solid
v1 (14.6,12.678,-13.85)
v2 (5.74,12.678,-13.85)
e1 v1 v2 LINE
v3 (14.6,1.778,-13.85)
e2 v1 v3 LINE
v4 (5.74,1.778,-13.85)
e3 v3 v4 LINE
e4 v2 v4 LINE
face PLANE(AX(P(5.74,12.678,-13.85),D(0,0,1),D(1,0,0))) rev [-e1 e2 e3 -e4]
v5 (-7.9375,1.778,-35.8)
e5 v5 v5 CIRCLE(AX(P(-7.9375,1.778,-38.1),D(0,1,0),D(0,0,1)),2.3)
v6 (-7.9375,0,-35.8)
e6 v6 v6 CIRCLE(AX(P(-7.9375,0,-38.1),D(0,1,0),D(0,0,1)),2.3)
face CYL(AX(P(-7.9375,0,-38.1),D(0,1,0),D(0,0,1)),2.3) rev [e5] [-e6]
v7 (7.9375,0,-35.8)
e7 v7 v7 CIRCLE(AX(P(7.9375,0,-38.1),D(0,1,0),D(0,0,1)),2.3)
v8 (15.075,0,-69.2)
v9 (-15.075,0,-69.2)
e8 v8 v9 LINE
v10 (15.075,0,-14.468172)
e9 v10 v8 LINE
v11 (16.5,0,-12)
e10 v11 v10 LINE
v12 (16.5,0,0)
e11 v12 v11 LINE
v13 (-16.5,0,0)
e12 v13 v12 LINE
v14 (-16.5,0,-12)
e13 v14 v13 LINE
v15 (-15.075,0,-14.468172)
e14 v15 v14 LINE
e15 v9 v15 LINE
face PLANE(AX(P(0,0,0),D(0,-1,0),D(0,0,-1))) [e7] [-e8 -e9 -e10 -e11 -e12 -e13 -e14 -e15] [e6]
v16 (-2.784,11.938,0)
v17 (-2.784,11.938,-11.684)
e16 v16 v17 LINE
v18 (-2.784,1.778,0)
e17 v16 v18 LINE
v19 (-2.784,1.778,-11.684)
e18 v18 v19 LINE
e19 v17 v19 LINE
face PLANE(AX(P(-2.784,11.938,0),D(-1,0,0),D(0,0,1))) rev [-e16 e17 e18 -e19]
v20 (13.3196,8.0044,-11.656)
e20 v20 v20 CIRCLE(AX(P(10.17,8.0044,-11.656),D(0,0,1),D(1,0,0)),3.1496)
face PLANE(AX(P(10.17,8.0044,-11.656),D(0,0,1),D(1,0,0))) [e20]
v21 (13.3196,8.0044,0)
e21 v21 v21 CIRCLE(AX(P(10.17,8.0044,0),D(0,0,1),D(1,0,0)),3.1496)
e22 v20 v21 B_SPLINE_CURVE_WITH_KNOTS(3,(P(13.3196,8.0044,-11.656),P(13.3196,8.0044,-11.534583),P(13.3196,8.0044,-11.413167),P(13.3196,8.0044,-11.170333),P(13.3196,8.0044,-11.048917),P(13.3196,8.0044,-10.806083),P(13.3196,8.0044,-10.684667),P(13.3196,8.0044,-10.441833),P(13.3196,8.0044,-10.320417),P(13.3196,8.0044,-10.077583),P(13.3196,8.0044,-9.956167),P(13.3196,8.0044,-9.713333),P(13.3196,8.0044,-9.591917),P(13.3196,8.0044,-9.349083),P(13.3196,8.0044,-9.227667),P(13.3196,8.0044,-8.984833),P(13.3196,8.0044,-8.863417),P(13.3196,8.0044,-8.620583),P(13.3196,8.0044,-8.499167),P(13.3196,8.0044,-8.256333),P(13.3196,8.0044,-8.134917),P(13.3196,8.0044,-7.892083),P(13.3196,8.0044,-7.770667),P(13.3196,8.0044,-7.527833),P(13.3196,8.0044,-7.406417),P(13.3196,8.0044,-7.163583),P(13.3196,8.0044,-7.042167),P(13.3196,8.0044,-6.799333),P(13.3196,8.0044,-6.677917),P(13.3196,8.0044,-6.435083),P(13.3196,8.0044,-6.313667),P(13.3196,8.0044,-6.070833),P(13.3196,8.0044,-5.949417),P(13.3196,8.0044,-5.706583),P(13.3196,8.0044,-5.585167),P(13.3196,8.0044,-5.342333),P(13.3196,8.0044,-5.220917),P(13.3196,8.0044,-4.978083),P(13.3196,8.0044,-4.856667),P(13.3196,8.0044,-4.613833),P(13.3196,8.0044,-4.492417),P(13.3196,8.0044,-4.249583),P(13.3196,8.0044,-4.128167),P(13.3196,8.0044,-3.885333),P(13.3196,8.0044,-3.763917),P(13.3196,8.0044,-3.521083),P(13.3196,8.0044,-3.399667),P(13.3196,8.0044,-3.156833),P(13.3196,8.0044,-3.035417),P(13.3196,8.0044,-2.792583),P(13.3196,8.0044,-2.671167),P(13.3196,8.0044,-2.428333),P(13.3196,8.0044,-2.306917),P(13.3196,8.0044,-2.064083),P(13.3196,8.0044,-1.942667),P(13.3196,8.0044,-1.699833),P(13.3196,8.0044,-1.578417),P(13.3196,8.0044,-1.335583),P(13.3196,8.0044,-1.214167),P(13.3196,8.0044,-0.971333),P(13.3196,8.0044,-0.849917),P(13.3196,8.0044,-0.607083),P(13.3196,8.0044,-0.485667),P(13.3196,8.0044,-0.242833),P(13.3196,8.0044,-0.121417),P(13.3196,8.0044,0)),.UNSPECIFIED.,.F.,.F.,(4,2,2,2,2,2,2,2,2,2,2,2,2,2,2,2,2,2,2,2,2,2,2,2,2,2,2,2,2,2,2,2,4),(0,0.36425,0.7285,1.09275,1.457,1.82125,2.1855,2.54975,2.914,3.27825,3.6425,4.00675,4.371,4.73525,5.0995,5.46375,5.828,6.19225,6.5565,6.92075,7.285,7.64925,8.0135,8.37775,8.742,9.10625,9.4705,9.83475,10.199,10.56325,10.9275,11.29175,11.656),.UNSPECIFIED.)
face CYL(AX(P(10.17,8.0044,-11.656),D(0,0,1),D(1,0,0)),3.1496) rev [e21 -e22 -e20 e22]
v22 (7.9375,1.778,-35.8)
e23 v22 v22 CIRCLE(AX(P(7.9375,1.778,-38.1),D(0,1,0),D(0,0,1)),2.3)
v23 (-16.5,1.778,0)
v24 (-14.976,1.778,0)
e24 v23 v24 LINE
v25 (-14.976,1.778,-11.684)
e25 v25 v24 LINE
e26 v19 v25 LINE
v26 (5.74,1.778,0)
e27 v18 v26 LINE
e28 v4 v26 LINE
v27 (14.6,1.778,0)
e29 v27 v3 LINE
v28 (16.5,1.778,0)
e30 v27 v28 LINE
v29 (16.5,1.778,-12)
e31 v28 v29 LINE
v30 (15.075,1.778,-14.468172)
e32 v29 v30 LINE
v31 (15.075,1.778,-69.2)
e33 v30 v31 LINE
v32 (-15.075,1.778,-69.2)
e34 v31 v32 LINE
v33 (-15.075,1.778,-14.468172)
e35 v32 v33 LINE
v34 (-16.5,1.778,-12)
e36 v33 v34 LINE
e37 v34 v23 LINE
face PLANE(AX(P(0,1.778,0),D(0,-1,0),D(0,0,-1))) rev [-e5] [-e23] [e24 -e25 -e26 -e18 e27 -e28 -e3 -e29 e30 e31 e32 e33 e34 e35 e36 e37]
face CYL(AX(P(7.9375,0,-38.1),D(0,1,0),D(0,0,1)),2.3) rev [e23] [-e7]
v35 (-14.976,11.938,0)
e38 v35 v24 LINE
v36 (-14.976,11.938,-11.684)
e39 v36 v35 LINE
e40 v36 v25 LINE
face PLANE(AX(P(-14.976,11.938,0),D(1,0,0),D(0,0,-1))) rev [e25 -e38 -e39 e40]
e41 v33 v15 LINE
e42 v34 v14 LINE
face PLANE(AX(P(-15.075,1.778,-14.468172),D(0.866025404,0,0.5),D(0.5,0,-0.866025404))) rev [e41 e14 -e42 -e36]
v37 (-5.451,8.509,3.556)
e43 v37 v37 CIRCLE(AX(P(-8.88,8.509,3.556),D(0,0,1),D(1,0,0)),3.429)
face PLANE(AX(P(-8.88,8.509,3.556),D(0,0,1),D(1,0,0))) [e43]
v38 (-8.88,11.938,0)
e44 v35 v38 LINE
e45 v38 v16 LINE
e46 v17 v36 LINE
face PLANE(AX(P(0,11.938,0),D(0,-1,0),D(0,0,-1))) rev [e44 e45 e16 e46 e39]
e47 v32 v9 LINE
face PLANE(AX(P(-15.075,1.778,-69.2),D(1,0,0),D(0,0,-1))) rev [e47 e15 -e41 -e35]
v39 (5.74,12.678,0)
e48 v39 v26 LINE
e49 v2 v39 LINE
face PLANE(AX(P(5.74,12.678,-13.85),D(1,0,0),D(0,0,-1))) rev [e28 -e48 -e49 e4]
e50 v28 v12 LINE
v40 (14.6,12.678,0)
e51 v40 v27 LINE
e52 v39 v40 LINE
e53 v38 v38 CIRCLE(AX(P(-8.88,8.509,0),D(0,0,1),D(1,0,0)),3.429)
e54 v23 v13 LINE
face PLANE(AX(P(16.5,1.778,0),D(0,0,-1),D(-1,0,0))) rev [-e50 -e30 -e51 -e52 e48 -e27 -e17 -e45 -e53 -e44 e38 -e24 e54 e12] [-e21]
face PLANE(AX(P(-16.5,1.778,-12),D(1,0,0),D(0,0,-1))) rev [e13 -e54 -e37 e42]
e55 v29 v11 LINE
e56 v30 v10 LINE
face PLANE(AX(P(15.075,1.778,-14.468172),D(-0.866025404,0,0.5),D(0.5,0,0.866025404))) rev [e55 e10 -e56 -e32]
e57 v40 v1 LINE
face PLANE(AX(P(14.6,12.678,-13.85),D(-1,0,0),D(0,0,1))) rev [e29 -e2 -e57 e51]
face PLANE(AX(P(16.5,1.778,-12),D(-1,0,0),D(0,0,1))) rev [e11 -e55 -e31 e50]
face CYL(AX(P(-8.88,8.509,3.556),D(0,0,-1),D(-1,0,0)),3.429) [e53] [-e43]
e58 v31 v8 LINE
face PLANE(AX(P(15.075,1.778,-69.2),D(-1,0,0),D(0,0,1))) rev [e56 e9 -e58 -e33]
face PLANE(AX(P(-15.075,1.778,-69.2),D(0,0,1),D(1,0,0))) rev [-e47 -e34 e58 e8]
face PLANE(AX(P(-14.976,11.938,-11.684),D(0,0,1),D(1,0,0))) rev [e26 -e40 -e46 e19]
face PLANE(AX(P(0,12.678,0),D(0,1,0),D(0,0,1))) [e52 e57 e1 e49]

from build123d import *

# Parameters (mm, degrees)
BOSS_EXTRUDE1_DEPTH = 1.778
SKETCH2_W           = 8.86
SKETCH2_H           = 13.85
BOSS_EXTRUDE2_DEPTH = 10.9
SKETCH3_R           = 2.3
CUT_EXTRUDE1_DEPTH  = 72.970132694
SKETCH4_W           = 12.192
SKETCH4_H           = 11.684
BOSS_EXTRUDE3_DEPTH = 10.16
SKETCH5_R           = 3.429
BOSS_EXTRUDE4_DEPTH = 3.556
SKETCH6_R           = 3.1496
CUT_EXTRUDE2_DEPTH  = 11.656


with BuildPart() as part:
    # Sketch1 → Boss-Extrude1 (new body)
    with BuildSketch(Plane(origin=(0, 0, 0), x_dir=(1, 0, 0), z_dir=(0, 1, 0))):
        Polygon((-15.075, 69.2), (15.075, 69.2), (15.075, 14.468172401), (16.5, 12), (16.5, 0), (-16.5, 0), (-16.5, 12), (-15.075, 14.468172401), align=None)
    extrude(amount=BOSS_EXTRUDE1_DEPTH)

    # Sketch2 → Boss-Extrude2 (add)
    with BuildSketch(Plane(origin=(0, 1.778, 0), x_dir=(1, 0, 0), z_dir=(0, 1, 0))):
        with Locations((10.17, 6.925)):
            Rectangle(SKETCH2_W, SKETCH2_H)
    extrude(amount=BOSS_EXTRUDE2_DEPTH)

    # Sketch3 → Cut-Extrude1 (cut, through all)
    with BuildSketch(Plane(origin=(0, 1.778, 0), x_dir=(1, 0, 0), z_dir=(0, 1, 0))):
        with Locations(Location((-7.9375, 38.1, 0), (0, 0, 270))):
            Circle(SKETCH3_R)
        with Locations(Location((7.9375, 38.1, 0), (0, 0, 270))):
            Circle(SKETCH3_R)
    extrude(amount=-CUT_EXTRUDE1_DEPTH, mode=Mode.SUBTRACT)

    # Sketch4 → Boss-Extrude3 (add)
    with BuildSketch(Plane(origin=(0, 1.778, 0), x_dir=(1, 0, 0), z_dir=(0, 1, 0))):
        with Locations((-8.88, 5.842)):
            Rectangle(SKETCH4_W, SKETCH4_H)
    extrude(amount=BOSS_EXTRUDE3_DEPTH)

    # Sketch5 → Boss-Extrude4 (add)
    with BuildSketch(Plane.XY):
        with Locations(Location((-8.88, 8.509, 0), (0, 0, 90))):
            Circle(SKETCH5_R)
    extrude(amount=BOSS_EXTRUDE4_DEPTH)

    # Sketch6 → Cut-Extrude2 (cut)
    with BuildSketch(Plane.XY):
        with Locations((10.17, 8.0044)):
            Circle(SKETCH6_R)
    extrude(amount=-CUT_EXTRUDE2_DEPTH, mode=Mode.SUBTRACT)


solid = part.part
